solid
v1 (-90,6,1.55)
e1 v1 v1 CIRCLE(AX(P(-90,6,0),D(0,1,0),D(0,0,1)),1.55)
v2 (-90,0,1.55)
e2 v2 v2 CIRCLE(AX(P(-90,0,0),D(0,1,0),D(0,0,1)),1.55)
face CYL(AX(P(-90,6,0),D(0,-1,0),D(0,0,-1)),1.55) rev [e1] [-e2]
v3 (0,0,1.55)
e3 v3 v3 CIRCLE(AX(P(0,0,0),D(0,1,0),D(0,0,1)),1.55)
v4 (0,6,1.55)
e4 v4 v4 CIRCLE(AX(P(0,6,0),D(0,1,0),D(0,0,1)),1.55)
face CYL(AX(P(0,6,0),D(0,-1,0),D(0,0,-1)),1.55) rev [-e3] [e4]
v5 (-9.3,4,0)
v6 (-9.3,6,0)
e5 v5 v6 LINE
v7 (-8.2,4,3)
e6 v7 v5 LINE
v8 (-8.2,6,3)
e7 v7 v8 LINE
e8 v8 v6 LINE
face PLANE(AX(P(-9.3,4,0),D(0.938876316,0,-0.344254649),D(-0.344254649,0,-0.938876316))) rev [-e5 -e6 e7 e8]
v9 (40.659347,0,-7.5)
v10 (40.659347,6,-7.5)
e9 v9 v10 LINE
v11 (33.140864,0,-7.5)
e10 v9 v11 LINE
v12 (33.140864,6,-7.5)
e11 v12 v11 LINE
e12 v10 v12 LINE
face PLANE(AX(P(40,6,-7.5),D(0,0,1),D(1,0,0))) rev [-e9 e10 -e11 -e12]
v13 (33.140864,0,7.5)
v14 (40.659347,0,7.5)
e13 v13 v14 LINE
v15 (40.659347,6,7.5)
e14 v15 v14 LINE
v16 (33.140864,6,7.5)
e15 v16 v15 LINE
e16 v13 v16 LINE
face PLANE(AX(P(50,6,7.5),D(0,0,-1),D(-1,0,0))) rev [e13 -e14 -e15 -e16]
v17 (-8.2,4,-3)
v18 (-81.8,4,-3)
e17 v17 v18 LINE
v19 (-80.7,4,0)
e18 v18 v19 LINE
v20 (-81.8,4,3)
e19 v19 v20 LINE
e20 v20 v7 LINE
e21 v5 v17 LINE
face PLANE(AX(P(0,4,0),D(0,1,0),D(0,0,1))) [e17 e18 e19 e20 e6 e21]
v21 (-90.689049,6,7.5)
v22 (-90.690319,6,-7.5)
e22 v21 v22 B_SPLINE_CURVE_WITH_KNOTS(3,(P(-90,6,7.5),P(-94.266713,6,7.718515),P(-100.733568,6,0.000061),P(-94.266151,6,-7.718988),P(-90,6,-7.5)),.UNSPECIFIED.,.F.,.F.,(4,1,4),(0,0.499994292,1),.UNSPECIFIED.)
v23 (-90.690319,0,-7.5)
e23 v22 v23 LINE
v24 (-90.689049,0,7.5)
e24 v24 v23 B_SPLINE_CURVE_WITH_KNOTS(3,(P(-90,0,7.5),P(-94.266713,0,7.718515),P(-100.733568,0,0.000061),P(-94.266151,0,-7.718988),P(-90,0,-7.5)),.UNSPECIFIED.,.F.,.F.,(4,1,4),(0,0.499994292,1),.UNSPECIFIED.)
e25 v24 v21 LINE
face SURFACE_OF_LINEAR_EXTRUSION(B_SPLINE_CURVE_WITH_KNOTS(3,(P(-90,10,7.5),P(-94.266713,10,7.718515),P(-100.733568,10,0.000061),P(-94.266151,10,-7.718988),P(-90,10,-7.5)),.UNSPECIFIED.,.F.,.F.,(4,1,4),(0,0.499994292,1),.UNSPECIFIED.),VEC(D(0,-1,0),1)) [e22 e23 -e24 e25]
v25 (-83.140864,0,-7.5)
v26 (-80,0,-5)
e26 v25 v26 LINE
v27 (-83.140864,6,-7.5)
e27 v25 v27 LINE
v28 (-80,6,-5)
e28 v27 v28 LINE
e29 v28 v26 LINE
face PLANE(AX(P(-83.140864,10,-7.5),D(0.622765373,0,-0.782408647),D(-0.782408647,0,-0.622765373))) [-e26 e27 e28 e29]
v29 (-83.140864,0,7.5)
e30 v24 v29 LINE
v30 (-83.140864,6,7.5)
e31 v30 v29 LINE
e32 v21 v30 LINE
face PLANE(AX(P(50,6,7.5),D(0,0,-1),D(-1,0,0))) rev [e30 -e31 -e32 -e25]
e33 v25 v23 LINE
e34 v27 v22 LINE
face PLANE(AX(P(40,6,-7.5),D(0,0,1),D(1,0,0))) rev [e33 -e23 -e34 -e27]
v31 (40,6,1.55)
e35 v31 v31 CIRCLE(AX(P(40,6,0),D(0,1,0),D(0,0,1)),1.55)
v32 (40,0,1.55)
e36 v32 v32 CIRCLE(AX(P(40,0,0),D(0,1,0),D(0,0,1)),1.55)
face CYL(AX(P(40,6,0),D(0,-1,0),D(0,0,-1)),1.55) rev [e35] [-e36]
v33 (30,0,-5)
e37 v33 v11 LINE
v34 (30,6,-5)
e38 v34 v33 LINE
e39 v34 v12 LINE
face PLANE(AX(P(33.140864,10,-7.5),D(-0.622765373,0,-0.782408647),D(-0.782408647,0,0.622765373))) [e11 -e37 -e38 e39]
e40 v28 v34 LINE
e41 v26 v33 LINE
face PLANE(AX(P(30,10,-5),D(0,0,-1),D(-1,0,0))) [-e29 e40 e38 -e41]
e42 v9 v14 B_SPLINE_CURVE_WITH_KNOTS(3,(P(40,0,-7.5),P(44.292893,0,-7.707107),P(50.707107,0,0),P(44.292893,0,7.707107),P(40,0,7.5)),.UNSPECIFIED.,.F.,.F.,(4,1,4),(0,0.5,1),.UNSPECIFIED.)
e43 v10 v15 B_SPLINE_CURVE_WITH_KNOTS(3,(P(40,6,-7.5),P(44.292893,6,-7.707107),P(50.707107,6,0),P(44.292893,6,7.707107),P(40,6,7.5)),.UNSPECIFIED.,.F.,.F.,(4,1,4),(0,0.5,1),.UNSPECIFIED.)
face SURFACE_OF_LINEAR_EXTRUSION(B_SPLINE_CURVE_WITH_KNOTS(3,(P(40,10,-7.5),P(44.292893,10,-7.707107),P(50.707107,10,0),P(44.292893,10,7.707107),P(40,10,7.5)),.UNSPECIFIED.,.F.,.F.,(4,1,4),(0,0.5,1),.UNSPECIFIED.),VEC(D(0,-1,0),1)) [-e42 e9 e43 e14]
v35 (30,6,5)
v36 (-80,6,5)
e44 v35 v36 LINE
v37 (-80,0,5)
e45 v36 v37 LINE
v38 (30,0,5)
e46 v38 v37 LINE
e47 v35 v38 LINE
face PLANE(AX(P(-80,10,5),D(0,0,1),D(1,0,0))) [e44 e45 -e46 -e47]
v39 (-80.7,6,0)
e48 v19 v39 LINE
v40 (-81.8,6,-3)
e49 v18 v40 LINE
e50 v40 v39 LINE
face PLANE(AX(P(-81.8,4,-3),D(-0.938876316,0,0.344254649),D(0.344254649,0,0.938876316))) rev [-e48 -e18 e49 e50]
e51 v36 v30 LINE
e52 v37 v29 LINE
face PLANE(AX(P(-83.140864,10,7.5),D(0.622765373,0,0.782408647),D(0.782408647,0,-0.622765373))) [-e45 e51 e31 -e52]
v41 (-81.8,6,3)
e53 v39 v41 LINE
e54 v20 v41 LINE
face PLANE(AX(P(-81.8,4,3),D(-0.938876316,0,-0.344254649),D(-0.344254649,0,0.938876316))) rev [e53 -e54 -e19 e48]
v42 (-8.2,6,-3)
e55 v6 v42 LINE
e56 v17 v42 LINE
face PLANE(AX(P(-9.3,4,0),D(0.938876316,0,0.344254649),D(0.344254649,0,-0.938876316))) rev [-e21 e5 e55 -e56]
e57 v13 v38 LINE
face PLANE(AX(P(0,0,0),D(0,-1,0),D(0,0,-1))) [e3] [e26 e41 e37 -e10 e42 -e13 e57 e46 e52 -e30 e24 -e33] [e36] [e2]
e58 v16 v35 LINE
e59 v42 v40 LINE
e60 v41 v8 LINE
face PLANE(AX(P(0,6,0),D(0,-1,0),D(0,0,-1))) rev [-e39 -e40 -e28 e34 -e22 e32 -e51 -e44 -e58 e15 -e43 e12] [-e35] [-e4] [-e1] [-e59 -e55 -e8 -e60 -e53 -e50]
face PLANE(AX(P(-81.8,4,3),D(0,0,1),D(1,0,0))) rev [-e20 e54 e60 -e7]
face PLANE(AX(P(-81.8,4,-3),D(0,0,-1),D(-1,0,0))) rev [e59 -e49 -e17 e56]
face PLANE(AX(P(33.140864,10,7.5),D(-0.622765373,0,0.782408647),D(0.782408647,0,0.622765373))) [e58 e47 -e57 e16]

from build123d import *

# Parameters (mm, degrees)
ESQUISSE2_R             = 1.55
BOSS_EXTRU_1_DEPTH      = 6
ESQUISSE3_W             = 170
ESQUISSE3_H             = 35
ENL_V_MAT_EXTRU_1_DEPTH = 10
ENL_V_MAT_EXTRU_2_DEPTH = 2


with BuildPart() as part:
    # Esquisse2 → Boss.-Extru.1 (new body)
    with BuildSketch(Plane(origin=(0, 0, 0), x_dir=(1, 0, 0), z_dir=(0, 1, 0))):
        Polygon((30, 7.5), (-90, 7.5), (-100, 7.5), (-100, -7.5), (-90, -7.5), (30, -7.5), (40, -7.5), (50, -7.5), (50, 7.5), (40, 7.5), align=None)
        with Locations(Location((-90, 0, 0), (0, 0, 270))):
            Circle(ESQUISSE2_R, mode=Mode.SUBTRACT)
        with Locations(Location((0, 0, 0), (0, 0, 270))):
            Circle(ESQUISSE2_R, mode=Mode.SUBTRACT)
        with Locations(Location((40, 0, 0), (0, 0, 270))):
            Circle(ESQUISSE2_R, mode=Mode.SUBTRACT)
    extrude(amount=BOSS_EXTRU_1_DEPTH)

    # Esquisse3 → Enlèv. mat.-Extru.1 (cut)
    with BuildSketch(Plane.XZ):
        with Locations((-25, 0)):
            Rectangle(ESQUISSE3_W, ESQUISSE3_H)
        with BuildLine():
            Line((-90, -7.5), (-83.140864445, -7.5))
            Line((-83.140864445, -7.5), (-80, -5))
            Line((-80, -5), (0, -5))
            Line((0, -5), (30, -5))
            Line((30, -5), (33.140864445, -7.5))
            Line((33.140864445, -7.5), (40, -7.5))
            add(Edge.make_bspline(
                [(40, -7.5), (44.292893219, -7.707106781), (50.707106781, 0), (44.292893219, 7.707106781), (40, 7.5)],
                knots=[0, 0, 0, 0, 0.5, 1, 1, 1, 1], degree=3))
            Line((40, 7.5), (33.140864445, 7.5))
            Line((33.140864445, 7.5), (30, 5))
            Line((30, 5), (0, 5))
            Line((0, 5), (-80, 5))
            Line((-80, 5), (-83.140864445, 7.5))
            Line((-83.140864445, 7.5), (-90, 7.5))
            add(Edge.make_bspline(
                [(-90, -7.5), (-94.266151252, -7.718988485), (-100.733567708, 6.0631e-05), (-94.266713321, 7.718514748), (-90, 7.5)],
                knots=[0, 0, 0, 0, 0.500005708, 1, 1, 1, 1], degree=3))
        make_face(mode=Mode.SUBTRACT)
    extrude(amount=-ENL_V_MAT_EXTRU_1_DEPTH, mode=Mode.SUBTRACT)

    # Esquisse4 → Enlèv. mat.-Extru.2 (cut)
    with BuildSketch(Plane(origin=(0, 6, 0), x_dir=(1, 0, 0), z_dir=(0, 1, 0))):
        Polygon((-81.8, 3), (-80.7, 0), (-81.8, -3), (-8.2, -3), (-9.3, 0), (-8.2, 3), align=None)
    extrude(amount=-ENL_V_MAT_EXTRU_2_DEPTH, mode=Mode.SUBTRACT)


solid = part.part
